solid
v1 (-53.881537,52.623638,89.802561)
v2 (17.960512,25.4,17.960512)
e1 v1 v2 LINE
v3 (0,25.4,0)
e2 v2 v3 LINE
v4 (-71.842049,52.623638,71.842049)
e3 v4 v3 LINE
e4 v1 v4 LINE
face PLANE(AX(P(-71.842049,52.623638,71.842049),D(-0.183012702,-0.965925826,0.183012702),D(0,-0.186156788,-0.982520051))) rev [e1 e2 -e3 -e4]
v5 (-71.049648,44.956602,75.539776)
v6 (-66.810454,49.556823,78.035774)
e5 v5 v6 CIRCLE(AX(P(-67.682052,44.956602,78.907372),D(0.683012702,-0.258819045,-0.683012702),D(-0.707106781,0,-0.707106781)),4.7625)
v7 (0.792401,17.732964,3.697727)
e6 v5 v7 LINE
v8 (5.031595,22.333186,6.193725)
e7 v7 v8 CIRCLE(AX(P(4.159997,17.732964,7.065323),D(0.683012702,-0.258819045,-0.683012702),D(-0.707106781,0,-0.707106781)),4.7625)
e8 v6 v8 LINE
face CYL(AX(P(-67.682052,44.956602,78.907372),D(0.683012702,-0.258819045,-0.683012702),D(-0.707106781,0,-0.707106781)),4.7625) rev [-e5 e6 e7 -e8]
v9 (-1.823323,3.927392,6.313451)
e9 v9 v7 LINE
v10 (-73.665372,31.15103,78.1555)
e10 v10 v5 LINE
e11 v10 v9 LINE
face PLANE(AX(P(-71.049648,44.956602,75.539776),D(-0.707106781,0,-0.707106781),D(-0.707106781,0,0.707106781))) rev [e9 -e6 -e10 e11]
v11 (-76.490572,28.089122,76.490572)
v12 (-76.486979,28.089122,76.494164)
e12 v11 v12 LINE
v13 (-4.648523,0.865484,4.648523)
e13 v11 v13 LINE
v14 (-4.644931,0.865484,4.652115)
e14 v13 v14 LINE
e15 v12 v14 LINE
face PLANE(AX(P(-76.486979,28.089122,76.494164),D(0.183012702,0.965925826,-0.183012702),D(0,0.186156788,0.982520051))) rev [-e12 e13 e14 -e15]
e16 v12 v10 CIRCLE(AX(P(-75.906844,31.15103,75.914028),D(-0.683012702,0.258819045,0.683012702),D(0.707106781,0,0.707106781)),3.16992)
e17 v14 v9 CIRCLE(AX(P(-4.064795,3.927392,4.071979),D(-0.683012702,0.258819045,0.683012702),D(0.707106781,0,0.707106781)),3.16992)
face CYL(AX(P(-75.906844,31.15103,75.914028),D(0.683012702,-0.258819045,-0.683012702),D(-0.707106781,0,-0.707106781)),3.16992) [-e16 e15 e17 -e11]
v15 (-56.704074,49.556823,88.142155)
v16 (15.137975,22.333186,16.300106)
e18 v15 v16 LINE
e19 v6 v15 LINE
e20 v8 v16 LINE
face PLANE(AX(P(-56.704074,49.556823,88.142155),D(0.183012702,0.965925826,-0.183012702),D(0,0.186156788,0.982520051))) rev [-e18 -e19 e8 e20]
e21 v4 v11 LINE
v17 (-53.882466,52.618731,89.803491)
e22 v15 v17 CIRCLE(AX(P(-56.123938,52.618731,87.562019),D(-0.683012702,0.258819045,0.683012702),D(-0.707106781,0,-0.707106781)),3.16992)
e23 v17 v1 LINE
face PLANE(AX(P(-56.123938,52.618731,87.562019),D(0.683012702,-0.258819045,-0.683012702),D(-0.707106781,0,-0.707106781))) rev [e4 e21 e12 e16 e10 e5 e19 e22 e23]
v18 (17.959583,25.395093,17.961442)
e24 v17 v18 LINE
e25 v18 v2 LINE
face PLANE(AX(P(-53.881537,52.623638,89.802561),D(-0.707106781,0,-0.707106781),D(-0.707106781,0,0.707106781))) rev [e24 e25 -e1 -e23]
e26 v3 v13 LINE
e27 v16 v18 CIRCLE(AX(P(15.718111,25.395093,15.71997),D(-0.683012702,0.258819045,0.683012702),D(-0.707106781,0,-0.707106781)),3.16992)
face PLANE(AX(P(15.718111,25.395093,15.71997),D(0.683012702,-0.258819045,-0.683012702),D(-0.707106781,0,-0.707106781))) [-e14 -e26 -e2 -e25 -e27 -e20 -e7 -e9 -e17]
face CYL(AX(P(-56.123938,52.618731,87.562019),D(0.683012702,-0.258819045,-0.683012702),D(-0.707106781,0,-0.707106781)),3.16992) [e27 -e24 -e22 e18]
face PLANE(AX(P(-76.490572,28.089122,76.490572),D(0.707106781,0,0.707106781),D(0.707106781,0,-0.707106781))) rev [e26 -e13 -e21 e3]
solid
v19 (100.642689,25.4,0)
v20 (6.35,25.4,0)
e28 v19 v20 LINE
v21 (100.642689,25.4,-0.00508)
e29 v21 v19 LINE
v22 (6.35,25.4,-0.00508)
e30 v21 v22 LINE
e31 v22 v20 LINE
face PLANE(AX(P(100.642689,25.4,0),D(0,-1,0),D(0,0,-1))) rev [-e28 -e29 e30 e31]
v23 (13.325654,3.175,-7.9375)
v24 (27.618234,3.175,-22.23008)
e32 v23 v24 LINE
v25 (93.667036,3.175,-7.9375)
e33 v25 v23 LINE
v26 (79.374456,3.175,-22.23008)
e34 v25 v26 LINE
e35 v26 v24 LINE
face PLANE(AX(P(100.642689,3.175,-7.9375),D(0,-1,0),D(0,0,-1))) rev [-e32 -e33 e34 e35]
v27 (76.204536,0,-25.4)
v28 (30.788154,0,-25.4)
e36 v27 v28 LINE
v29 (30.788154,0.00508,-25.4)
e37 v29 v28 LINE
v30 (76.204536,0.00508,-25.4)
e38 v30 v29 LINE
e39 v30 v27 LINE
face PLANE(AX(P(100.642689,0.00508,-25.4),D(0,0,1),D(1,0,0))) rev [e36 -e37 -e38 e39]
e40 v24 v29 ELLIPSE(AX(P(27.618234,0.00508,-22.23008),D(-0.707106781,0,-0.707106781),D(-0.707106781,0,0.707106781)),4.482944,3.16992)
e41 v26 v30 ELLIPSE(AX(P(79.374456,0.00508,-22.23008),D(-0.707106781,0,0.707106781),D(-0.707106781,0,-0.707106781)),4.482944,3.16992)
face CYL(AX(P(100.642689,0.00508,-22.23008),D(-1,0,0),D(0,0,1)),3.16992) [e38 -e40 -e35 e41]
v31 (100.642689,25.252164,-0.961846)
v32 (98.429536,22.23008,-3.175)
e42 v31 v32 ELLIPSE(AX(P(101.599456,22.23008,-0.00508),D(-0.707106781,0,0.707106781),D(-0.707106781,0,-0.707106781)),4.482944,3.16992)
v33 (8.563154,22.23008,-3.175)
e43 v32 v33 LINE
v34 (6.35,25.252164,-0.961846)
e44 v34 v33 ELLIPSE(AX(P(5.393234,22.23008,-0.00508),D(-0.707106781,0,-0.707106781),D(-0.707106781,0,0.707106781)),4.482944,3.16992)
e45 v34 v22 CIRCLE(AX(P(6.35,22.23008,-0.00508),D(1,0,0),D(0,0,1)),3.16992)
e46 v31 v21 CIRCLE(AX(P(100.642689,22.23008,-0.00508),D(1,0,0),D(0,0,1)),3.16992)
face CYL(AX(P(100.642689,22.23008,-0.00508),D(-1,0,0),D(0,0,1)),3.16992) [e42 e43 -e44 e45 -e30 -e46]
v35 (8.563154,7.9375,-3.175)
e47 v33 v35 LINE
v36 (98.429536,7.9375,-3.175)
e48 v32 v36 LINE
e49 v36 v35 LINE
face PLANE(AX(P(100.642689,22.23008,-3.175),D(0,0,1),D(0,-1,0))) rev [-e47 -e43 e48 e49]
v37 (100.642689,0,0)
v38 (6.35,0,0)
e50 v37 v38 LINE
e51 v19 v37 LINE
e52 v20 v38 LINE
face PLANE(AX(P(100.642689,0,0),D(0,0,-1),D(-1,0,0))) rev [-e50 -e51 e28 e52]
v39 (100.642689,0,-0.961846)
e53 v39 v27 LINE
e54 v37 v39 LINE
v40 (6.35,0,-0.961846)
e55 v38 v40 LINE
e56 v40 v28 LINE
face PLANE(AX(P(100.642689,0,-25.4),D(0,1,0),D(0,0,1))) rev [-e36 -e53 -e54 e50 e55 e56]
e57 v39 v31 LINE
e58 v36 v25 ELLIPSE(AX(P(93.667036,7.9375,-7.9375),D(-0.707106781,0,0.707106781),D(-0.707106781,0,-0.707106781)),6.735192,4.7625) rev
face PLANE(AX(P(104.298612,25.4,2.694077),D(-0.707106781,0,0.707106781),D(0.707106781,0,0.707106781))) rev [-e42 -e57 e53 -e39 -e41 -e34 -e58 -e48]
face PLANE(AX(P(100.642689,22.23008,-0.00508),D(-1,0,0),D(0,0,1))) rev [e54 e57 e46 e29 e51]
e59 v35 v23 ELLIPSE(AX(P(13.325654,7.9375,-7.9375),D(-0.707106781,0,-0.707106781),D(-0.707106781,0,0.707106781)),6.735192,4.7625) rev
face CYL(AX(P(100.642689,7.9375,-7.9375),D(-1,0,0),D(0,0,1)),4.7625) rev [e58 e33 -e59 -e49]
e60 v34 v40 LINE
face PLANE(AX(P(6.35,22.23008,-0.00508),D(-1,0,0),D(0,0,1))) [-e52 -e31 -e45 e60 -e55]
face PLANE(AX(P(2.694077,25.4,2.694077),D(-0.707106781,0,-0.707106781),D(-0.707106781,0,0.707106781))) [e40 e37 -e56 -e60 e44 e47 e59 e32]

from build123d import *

# Parameters (mm, degrees)
STRUCTURAL_MEMBER1_DEPTH = 94.292689271
CUT_EXTRUDE2_DEPTH       = 107.86098869
STRUCTURAL_MEMBER4_DEPTH = 105.18405993


with BuildPart() as part:
    # Sketch1 → Structural Member1 (new body)
    with BuildSketch(Plane(origin=(6.35, 0, 0), x_dir=(0, 0, -1), z_dir=(1, 0, 0))):
        with BuildLine():
            Line((0, 0), (0, 25.4))
            Line((0, 25.4), (0.00508, 25.4))
            ThreePointArc((0.00508, 25.4), (2.246551928, 24.471551928), (3.175, 22.23008))
            Line((3.175, 22.23008), (3.175, 7.9375))
            ThreePointArc((3.175, 7.9375), (4.569903955, 4.569903955), (7.9375, 3.175))
            Line((7.9375, 3.175), (22.23008, 3.175))
            ThreePointArc((22.23008, 3.175), (24.471551928, 2.246551928), (25.4, 0.00508))
            Line((25.4, 0.00508), (25.4, 0))
            Line((25.4, 0), (0, 0))
        make_face()
    extrude(amount=STRUCTURAL_MEMBER1_DEPTH)

    # Sketch12 → Cut-Extrude2 (cut, through all)
    with BuildSketch(Plane(origin=(0, 0, 0), x_dir=(1, 0, 0), z_dir=(0, 1, 0))):
        Polygon((6.35, 25.4), (6.35, 6.35), (25.4, 25.4), align=None)
        Polygon((25.4, 25.4), (6.35, 6.35), (6.35, 0.961846327), (30.788153673, 25.4), align=None)
    cut_extrude2 = extrude(amount=CUT_EXTRUDE2_DEPTH, mode=Mode.SUBTRACT)

    # Mirror2: Cut-Extrude2 across plane
    add(cut_extrude2.mirror(Plane(origin=(53.496344636, 0, 0), x_dir=(0, 0, 1), z_dir=(1, 0, 0))), mode=Mode.SUBTRACT)


with BuildPart() as body_2:
    # Sketch17 → Structural Member4 (new body)
    with BuildSketch(Plane(origin=(0, 25.4, 0), x_dir=(-0.1830127018922193, -0.9659258262890682, 0.18301270189221994), z_dir=(-0.6830127018922181, 0.2588190451025212, 0.6830127018922205))):
        with BuildLine():
            Line((0, 0), (0, 25.4))
            Line((0, 25.4), (0.00508, 25.4))
            ThreePointArc((0.00508, 25.4), (2.246551928, 24.471551928), (3.175, 22.23008))
            Line((3.175, 22.23008), (3.175, 7.9375))
            ThreePointArc((3.175, 7.9375), (4.569903955, 4.569903955), (7.9375, 3.175))
            Line((7.9375, 3.175), (22.23008, 3.175))
            ThreePointArc((22.23008, 3.175), (24.471551928, 2.246551928), (25.4, 0.00508))
            Line((25.4, 0.00508), (25.4, 0))
            Line((25.4, 0), (0, 0))
        make_face()
    extrude(amount=STRUCTURAL_MEMBER4_DEPTH)


solid = Compound([part.part, body_2.part])
